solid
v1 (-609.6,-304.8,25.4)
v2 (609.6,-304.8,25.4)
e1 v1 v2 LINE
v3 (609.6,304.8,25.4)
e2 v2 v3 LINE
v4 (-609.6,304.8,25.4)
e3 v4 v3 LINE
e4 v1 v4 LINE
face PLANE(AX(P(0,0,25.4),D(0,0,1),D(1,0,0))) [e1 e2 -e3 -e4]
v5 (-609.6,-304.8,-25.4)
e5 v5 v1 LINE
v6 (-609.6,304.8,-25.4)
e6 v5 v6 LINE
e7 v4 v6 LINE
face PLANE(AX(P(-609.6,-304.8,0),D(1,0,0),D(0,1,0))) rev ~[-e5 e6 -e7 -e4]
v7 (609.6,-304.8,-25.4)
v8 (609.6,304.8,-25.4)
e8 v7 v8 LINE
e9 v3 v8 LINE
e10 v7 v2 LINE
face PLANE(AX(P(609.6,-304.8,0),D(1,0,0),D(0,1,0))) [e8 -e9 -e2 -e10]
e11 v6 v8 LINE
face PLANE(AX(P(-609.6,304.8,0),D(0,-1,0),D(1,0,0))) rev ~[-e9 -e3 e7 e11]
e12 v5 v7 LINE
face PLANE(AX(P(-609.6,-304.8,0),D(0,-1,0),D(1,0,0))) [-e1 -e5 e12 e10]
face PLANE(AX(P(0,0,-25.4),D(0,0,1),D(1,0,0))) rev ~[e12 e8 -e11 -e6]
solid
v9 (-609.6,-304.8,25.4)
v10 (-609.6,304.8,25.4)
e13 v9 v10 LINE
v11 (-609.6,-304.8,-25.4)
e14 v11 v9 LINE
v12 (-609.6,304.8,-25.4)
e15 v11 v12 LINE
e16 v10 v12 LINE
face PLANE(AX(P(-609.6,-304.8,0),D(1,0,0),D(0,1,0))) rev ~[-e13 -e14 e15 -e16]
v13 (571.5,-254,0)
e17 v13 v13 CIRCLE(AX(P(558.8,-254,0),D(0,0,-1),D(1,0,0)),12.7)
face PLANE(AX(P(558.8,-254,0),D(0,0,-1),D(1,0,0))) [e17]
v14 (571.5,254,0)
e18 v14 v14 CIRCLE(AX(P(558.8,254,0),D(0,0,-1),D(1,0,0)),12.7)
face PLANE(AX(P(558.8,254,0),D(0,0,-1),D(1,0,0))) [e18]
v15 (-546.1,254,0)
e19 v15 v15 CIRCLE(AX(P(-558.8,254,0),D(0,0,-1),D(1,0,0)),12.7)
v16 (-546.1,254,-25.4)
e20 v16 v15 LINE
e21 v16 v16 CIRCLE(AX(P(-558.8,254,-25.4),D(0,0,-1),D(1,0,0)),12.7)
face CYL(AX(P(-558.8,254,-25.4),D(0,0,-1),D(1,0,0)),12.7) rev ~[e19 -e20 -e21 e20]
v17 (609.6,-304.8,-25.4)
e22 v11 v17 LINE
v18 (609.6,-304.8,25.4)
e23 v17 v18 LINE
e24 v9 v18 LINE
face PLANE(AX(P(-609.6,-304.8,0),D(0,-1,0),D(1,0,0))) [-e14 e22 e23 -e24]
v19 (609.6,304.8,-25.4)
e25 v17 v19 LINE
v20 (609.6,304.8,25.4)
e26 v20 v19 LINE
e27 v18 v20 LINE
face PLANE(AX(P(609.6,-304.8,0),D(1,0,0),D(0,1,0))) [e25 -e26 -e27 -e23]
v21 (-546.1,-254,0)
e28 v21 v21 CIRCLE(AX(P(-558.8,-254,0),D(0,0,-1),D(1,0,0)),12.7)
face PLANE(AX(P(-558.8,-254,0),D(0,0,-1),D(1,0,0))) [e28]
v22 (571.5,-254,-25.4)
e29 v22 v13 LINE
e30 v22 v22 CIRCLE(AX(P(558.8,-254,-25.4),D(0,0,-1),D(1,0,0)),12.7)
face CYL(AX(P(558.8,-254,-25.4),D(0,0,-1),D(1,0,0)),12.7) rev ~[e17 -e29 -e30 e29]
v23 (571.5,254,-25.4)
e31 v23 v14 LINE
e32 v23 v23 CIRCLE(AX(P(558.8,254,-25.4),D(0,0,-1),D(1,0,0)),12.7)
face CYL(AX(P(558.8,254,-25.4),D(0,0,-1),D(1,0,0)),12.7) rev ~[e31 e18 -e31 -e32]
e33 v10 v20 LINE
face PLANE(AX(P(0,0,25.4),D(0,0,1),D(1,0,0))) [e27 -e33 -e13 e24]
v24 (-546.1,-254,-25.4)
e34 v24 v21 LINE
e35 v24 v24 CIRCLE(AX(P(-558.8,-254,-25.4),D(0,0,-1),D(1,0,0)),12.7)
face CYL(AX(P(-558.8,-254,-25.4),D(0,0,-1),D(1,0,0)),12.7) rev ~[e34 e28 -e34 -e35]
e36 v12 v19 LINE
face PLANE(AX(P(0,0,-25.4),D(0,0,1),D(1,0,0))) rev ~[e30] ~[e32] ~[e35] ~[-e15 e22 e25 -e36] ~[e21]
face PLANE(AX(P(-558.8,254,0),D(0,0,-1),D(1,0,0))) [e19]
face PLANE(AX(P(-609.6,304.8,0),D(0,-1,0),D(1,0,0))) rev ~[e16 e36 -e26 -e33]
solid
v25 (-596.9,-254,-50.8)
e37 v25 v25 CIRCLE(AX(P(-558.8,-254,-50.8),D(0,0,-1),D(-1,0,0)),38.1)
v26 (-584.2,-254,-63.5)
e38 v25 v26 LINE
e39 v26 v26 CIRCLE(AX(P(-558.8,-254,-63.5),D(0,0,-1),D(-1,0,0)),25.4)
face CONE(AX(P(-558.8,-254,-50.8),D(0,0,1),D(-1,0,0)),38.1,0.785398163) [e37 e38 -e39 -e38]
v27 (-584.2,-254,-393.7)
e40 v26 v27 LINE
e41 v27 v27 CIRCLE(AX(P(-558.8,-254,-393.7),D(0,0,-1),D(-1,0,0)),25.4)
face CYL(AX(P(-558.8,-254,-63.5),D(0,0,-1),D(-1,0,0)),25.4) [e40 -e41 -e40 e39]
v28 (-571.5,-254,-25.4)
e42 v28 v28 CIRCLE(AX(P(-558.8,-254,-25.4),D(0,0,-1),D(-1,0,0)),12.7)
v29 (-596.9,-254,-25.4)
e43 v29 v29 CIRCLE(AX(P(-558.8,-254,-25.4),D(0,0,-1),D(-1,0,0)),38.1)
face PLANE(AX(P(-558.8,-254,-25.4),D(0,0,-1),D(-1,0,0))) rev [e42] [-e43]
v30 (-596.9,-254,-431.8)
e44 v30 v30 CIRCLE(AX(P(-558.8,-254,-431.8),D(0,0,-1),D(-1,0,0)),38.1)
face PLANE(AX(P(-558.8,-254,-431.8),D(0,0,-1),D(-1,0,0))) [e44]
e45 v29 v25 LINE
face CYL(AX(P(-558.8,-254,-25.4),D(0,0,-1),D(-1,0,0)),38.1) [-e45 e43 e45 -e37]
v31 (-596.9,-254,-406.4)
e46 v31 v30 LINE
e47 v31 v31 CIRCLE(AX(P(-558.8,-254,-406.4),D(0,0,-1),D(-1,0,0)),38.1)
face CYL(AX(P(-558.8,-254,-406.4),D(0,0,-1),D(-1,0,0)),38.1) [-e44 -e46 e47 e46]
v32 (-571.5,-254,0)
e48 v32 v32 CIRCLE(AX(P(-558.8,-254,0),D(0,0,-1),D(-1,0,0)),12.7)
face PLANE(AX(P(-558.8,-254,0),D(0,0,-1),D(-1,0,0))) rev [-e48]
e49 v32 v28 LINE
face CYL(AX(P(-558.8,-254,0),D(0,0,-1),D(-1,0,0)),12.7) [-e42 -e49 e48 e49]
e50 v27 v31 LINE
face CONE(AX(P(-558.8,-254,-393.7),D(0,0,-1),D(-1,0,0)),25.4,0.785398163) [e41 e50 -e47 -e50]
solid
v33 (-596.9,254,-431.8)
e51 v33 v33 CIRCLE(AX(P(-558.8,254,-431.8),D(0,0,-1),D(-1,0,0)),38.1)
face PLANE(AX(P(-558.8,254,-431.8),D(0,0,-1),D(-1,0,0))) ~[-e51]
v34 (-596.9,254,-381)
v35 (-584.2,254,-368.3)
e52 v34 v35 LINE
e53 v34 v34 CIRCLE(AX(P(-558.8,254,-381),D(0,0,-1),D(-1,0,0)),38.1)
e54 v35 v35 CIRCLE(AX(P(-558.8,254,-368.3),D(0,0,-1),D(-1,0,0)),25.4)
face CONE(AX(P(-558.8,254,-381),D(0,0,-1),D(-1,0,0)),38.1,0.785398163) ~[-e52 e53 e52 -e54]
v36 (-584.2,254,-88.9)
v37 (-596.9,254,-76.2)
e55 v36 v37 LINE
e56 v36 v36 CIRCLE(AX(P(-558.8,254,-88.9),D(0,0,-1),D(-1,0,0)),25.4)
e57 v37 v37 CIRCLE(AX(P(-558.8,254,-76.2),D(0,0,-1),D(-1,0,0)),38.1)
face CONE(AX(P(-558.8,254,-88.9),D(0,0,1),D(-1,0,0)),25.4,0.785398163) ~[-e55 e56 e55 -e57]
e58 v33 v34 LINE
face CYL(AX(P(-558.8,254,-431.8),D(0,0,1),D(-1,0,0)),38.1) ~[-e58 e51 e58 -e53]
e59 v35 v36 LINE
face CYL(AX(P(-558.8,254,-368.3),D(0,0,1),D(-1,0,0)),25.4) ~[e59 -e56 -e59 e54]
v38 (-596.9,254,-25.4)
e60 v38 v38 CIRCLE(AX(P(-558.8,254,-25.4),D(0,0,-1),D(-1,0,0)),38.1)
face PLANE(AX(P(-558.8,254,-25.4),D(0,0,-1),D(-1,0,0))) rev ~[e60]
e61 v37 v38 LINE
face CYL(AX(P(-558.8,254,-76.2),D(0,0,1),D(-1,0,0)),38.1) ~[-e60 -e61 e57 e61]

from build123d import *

# Parameters (mm, degrees)
F0_W      = 1219.2
F0_H      = 609.6
F2_DEPTH  = 25.4
F1_W      = 1219.2
F1_H      = 609.6
F3_DEPTH  = 25.4
F4_R      = 12.7
F11_DEPTH = 25.4


with BuildPart() as f2:
    # F0 (on Top) → F2 (new body, symmetric)
    with BuildSketch(Plane.XY):
        Rectangle(F0_W, F0_H)
    extrude(amount=F2_DEPTH, both=True)

    # F4 (on face) → F11 (cut)
    with BuildSketch(Plane(origin=(0, 0, -25.4), x_dir=(1, 0, 0), z_dir=(0, 0, -1))):
        with Locations((-558.8, 254)):
            Circle(F4_R)
        with Locations((-558.8, -254)):
            Circle(F4_R)
        with Locations((558.8, -254)):
            Circle(F4_R)
        with Locations((558.8, 254)):
            Circle(F4_R)
    extrude(amount=-F11_DEPTH, mode=Mode.SUBTRACT)


with BuildPart() as f3:
    # F1 (on Top) → F3 (new body, symmetric)
    with BuildSketch(Plane.XY):
        Rectangle(F1_W, F1_H)
    extrude(amount=F3_DEPTH, both=True)


with BuildPart() as f7:
    # F6 (on plane+point) → F7 (revolve)
    with BuildSketch(Plane.XZ.offset(254)):
        Polygon((-571.5, 0), (-571.5, -25.4), (-596.9, -25.4), (-596.9, -50.8), (-584.2, -63.5), (-584.2, -393.7), (-596.9, -406.4), (-596.9, -431.8), (-558.8, -431.8), (-558.8, 0), align=None)
    revolve(axis=Axis((-558.8, -254, -215.9), (0, 0, -1)))


with BuildPart() as f10:
    # F9 (on plane+point) → F10 (revolve)
    with BuildSketch(Plane(origin=(0, 254, 0), x_dir=(-1, 0, 0), z_dir=(0, 1, 0))):
        Polygon((596.9, -25.4), (558.8, -25.4), (558.8, -431.8), (596.9, -431.8), (596.9, -381), (584.2, -368.3), (584.2, -88.9), (596.9, -76.2), align=None)
    revolve(axis=Axis((-558.8, 254, -228.6), (0, 0, -1)))


solid = Compound([f2.part, f3.part, f7.part, f10.part])
